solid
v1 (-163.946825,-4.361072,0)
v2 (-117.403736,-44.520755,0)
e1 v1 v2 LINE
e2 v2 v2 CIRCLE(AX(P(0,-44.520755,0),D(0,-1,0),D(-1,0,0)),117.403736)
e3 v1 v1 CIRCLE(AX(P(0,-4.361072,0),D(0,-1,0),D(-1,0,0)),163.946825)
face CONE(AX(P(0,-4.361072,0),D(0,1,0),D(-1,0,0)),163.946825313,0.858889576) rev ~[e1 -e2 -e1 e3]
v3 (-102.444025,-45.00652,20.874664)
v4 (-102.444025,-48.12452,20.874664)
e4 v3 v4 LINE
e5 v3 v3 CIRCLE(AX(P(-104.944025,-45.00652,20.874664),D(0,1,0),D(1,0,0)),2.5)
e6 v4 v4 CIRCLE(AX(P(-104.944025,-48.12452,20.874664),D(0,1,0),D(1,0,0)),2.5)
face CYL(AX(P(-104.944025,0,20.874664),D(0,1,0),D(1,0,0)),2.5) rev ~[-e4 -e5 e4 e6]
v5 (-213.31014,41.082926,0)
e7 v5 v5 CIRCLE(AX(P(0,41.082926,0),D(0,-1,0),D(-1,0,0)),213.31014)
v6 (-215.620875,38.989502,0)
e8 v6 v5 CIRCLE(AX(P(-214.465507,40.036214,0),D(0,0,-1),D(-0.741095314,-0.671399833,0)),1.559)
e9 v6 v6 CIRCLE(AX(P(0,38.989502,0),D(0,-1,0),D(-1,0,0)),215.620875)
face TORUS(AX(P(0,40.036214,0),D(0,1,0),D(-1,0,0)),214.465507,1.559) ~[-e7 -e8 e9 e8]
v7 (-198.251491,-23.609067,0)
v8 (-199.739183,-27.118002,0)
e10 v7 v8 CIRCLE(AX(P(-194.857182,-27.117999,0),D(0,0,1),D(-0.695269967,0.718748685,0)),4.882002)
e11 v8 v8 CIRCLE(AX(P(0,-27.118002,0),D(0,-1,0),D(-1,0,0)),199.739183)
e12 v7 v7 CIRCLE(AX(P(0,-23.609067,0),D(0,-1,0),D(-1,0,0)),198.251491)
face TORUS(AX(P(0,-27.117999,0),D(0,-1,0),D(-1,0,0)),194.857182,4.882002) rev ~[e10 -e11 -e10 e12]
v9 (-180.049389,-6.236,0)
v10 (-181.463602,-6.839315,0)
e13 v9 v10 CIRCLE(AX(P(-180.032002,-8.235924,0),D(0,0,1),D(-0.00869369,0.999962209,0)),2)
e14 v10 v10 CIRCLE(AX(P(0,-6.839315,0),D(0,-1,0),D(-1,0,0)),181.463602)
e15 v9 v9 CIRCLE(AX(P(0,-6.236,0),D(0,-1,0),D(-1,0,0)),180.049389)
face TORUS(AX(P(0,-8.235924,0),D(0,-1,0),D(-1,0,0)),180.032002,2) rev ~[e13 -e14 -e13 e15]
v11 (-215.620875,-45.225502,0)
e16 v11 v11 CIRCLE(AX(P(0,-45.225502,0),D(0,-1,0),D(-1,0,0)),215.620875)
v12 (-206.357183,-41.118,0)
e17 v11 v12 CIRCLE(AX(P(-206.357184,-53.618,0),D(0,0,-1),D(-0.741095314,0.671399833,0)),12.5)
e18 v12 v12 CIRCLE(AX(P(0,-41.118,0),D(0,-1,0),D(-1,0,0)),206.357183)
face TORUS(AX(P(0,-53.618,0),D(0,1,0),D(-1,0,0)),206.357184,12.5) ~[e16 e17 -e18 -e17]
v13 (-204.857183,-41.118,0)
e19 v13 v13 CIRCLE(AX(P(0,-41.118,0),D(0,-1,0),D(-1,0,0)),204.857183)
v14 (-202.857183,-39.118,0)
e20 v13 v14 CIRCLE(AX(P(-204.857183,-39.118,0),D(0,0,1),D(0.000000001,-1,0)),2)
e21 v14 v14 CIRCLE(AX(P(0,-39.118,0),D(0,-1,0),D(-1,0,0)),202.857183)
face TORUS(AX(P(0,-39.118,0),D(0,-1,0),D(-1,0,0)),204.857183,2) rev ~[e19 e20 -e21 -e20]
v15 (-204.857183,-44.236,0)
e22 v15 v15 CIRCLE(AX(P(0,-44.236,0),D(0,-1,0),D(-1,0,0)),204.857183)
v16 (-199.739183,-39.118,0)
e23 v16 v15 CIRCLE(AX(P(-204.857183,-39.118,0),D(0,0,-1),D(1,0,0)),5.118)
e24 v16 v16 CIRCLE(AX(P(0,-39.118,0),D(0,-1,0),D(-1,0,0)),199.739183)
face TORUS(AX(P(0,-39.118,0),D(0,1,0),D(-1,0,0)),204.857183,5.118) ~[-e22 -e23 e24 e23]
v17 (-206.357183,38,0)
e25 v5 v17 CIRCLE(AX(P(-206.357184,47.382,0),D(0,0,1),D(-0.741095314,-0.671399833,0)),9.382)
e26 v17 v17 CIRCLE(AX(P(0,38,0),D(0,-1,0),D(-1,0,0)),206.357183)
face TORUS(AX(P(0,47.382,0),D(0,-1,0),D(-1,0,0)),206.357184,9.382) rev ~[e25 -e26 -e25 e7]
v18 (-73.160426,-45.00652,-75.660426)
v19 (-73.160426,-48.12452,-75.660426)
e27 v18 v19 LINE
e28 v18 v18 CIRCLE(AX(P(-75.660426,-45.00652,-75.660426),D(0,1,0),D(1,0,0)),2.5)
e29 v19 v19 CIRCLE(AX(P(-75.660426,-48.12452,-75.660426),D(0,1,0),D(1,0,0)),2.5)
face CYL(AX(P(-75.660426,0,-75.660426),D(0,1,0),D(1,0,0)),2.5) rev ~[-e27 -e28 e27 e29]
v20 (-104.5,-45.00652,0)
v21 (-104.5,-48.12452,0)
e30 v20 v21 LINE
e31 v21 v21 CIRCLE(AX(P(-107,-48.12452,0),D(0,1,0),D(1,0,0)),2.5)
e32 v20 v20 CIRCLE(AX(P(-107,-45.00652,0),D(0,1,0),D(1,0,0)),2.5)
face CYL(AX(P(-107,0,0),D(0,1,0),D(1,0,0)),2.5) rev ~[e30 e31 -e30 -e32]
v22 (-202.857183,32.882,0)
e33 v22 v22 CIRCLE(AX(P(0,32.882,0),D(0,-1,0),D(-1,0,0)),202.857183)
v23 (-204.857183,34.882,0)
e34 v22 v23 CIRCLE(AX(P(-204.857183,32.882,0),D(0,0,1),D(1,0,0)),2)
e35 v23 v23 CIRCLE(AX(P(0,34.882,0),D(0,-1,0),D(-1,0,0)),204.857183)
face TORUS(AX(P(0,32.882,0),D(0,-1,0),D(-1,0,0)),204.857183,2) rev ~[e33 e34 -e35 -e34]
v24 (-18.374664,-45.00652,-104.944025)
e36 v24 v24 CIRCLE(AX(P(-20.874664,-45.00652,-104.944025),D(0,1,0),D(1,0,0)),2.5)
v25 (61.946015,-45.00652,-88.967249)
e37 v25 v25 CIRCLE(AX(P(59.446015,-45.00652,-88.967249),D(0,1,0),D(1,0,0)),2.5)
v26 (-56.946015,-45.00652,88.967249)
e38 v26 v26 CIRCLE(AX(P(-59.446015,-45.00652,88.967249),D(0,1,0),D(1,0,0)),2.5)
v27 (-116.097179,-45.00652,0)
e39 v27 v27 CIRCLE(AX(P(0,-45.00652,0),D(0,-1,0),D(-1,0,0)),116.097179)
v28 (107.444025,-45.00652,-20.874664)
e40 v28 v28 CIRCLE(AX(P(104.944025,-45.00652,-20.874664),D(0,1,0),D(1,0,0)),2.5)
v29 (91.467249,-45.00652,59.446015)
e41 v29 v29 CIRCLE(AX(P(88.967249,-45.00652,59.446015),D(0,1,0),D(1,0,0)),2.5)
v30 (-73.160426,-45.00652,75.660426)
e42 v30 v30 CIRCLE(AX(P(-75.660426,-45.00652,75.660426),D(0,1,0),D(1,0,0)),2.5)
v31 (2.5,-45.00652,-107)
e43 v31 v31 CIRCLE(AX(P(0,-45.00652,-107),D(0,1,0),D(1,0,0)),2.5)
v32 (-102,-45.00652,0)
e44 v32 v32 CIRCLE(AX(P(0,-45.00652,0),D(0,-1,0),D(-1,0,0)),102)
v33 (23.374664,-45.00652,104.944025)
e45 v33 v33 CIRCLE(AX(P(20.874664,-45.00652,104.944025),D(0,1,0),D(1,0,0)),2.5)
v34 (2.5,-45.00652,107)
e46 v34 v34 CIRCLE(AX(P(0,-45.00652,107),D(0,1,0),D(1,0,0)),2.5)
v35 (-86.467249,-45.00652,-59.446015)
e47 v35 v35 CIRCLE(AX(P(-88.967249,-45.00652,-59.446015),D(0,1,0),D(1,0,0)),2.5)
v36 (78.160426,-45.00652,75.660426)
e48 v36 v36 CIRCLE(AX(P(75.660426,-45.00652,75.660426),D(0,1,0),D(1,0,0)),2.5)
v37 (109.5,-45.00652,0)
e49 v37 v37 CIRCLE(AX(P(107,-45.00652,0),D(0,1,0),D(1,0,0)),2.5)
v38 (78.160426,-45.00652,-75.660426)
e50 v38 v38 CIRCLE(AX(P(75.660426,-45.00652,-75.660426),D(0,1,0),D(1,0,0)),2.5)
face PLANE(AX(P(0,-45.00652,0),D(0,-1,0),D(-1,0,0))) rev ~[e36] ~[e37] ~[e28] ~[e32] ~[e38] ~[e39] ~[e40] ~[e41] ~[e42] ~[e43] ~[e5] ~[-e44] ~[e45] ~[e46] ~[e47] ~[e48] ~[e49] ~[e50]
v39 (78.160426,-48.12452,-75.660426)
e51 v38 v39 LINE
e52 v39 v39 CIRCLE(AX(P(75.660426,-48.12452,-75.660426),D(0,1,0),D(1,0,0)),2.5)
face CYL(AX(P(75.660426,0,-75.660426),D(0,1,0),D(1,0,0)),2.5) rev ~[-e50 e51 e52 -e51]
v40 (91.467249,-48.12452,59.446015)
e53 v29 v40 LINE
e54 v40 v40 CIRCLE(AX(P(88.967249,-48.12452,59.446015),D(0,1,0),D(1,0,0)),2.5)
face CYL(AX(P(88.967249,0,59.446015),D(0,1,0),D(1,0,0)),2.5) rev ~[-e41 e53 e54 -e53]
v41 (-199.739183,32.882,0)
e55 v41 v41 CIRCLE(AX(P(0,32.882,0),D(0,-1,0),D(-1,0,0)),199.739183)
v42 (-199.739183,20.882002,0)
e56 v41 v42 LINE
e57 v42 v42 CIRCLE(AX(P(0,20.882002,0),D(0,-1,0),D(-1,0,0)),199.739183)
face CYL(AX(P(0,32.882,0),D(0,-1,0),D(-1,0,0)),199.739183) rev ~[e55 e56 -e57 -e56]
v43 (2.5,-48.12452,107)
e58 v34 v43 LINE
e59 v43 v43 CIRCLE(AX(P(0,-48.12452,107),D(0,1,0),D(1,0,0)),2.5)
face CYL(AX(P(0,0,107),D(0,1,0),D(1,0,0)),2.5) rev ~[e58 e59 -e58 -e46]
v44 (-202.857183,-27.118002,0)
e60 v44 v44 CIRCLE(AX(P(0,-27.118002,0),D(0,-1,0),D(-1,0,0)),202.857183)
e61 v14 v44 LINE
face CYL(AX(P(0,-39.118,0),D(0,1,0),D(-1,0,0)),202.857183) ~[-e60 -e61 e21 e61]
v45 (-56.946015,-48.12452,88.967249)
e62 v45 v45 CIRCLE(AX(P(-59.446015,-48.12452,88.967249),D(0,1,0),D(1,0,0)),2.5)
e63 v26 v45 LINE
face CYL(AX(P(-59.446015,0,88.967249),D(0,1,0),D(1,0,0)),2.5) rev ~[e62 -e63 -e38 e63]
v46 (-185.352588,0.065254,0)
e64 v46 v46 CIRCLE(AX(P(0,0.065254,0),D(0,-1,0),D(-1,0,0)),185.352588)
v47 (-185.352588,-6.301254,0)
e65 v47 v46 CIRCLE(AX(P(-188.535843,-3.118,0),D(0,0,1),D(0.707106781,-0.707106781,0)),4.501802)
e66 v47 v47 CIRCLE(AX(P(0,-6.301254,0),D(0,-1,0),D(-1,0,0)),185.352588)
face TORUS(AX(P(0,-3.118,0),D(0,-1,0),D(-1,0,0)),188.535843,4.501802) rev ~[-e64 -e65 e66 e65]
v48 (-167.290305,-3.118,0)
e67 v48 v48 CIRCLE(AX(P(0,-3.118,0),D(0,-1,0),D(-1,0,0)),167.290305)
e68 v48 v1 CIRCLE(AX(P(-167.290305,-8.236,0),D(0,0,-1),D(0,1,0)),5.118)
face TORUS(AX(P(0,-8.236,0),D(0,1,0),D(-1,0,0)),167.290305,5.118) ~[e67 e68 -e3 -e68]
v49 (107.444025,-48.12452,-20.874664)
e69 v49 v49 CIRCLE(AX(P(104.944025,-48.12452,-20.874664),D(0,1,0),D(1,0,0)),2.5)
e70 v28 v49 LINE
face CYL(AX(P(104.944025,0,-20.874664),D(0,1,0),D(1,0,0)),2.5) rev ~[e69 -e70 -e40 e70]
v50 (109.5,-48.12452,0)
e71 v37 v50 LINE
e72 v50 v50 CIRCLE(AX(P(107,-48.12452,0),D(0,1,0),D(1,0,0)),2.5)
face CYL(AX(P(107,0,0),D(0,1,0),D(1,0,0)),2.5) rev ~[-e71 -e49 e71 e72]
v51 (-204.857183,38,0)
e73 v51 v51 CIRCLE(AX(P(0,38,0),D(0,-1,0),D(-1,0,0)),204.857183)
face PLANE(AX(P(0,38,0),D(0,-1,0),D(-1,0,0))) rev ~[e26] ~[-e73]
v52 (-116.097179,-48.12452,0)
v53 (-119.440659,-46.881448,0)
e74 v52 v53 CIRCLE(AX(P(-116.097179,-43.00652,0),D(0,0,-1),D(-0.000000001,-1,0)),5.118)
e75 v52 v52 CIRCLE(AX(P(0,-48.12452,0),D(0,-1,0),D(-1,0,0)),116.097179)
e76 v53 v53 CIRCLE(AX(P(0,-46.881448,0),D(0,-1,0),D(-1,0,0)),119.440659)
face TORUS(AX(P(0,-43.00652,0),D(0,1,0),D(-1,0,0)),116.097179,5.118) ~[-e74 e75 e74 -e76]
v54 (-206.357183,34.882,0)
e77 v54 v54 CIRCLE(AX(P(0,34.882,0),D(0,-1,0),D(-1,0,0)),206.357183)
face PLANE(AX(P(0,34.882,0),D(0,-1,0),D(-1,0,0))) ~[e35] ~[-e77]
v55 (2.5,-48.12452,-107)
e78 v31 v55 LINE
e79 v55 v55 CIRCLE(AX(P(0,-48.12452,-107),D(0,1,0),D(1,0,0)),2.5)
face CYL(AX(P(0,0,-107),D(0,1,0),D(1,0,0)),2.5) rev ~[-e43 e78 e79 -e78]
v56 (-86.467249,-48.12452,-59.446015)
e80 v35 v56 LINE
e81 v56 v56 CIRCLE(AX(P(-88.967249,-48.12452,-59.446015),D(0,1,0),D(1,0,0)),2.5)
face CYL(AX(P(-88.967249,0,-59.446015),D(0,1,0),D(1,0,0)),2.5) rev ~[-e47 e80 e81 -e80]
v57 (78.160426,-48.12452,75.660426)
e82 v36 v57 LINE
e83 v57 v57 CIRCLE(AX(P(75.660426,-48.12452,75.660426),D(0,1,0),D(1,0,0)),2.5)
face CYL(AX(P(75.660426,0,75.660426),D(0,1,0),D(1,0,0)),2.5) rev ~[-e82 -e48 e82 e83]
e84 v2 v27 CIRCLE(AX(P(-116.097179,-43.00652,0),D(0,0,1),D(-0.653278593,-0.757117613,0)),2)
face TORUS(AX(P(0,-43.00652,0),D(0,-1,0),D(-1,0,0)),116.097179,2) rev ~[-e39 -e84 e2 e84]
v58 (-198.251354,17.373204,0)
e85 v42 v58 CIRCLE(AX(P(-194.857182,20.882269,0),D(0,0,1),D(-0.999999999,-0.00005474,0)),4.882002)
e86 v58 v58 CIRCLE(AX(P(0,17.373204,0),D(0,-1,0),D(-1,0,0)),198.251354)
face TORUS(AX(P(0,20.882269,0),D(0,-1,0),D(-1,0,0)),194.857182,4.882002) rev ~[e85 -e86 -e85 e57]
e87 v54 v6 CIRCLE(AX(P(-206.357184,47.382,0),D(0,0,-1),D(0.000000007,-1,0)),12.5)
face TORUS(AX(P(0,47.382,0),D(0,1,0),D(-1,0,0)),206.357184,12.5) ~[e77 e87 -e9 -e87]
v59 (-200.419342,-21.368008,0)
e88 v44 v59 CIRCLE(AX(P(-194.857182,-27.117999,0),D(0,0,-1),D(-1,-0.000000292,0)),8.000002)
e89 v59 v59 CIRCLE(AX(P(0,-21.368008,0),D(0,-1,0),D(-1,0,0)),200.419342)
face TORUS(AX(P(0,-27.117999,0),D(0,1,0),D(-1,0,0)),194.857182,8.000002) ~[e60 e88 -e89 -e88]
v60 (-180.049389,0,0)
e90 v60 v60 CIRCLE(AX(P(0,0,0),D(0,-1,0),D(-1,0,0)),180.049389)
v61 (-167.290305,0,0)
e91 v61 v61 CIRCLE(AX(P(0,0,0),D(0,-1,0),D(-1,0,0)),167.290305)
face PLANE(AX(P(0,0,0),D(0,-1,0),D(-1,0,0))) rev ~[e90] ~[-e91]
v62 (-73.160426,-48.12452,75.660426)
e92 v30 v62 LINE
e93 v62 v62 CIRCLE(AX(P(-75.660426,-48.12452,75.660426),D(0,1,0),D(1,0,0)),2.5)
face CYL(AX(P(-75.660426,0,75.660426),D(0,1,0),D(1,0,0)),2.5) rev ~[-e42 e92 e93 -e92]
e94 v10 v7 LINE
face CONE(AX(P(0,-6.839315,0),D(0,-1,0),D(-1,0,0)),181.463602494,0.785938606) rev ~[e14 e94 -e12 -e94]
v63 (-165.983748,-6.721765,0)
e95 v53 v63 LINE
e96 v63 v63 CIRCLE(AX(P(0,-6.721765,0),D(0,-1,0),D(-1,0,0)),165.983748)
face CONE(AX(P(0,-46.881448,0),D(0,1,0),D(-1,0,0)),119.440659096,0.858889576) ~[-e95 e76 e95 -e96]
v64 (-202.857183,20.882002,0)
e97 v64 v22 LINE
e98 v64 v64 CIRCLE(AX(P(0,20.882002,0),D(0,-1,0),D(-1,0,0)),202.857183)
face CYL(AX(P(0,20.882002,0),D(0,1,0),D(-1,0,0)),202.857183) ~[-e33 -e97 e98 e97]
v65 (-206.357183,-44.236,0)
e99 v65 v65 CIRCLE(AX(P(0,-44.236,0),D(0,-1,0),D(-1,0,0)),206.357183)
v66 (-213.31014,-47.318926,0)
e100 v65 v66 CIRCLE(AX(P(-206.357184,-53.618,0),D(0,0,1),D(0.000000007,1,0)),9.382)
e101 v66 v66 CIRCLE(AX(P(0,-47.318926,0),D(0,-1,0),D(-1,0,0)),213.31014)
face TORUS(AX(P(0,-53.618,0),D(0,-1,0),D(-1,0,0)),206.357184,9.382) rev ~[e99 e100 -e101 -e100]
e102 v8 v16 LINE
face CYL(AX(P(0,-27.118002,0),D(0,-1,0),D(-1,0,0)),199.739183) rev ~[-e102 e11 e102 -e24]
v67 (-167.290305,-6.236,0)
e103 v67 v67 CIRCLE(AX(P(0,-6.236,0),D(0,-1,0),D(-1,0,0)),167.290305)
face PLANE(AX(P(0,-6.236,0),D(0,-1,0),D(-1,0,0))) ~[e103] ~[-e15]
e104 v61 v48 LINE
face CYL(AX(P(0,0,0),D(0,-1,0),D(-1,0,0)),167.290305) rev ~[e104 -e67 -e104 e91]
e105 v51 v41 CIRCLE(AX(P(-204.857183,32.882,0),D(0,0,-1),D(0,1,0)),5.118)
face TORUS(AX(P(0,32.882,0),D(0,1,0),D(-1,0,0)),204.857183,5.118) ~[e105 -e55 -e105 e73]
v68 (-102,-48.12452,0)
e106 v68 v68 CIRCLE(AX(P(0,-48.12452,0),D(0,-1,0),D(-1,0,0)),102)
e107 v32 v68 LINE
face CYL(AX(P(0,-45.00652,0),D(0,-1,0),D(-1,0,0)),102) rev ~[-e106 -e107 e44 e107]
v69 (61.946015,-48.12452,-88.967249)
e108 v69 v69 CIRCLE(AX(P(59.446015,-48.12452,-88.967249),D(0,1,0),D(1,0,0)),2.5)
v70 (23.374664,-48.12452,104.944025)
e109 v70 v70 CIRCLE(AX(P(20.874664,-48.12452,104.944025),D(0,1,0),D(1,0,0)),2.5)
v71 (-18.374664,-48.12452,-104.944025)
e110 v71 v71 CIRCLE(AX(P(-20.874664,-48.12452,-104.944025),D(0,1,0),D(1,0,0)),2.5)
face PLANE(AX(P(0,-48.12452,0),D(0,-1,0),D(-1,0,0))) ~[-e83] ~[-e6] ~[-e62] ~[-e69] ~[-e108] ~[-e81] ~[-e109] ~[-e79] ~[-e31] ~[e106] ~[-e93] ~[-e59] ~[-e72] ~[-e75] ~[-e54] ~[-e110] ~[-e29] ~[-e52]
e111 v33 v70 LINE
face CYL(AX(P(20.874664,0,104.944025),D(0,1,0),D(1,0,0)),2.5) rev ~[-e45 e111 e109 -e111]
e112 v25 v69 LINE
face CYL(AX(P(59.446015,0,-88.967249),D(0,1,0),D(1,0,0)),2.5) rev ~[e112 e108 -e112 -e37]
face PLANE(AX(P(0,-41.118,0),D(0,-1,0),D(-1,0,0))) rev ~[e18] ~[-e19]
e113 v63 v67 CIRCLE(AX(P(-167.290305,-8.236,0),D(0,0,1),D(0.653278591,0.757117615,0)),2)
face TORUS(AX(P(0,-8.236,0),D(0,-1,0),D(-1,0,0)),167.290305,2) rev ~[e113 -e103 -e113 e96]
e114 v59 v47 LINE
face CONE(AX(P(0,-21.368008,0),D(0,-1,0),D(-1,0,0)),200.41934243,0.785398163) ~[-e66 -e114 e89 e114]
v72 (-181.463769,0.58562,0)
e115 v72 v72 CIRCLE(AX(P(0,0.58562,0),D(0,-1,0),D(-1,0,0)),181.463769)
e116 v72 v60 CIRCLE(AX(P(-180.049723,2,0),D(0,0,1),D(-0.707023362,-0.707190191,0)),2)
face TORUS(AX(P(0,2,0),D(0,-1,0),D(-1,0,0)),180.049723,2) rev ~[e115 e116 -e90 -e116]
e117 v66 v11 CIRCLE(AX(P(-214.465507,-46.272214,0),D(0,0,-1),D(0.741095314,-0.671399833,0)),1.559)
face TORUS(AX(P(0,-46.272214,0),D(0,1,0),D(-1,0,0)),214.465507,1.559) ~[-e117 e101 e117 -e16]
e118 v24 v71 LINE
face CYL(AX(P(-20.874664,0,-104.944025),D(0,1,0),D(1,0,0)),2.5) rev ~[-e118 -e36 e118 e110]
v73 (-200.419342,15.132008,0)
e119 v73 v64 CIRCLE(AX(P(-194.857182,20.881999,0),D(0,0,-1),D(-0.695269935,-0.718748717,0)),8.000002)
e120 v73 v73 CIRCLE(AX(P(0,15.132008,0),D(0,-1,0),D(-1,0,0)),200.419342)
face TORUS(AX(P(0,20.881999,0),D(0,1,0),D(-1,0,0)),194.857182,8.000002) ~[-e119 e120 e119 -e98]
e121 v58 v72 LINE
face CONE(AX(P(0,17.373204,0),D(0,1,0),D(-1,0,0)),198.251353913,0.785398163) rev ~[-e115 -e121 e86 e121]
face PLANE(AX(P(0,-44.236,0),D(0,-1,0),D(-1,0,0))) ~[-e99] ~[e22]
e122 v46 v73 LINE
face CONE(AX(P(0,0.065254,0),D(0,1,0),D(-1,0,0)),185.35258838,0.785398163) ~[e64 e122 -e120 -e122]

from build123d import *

# Parameters (mm, degrees)
SKETCH4_R               = 2.5
CUT_EXTRUDE3_DEPTH      = 42.595214206
CUT_EXTRUDE3_DEPTH_BACK = 49.124520078


with BuildPart() as part:
    # Sketch3 → Revolve2 (revolve)
    with BuildSketch(Plane.XY):
        with BuildLine():
            Line((-102, -48.124520078), (-116.097179263, -48.124520078))
            ThreePointArc((-116.097179263, -48.124520078), (-117.880721071, -47.803696603), (-119.440659096, -46.881448026))
            Line((-119.440659096, -46.881448026), (-165.983747962, -6.721764772))
            ThreePointArc((-165.983747962, -6.721764772), (-166.593336874, -6.361370643), (-167.290305146, -6.236))
            Line((-167.290305146, -6.236), (-180.049388931, -6.236))
            ThreePointArc((-180.049388931, -6.236), (-180.816787473, -6.396329067), (-181.463602494, -6.839314687))
            Line((-181.463602494, -6.839314687), (-198.251490932, -23.609067138))
            ThreePointArc((-198.251490932, -23.609067138), (-199.351899333, -25.212361847), (-199.739183475, -27.118001784))
            Line((-199.739183475, -27.118001784), (-199.739183475, -39.117999668))
            ThreePointArc((-199.739183475, -39.117999668), (-201.238210969, -42.736972174), (-204.857183475, -44.235999668))
            Line((-204.857183475, -44.235999668), (-206.357183497, -44.235999668))
            ThreePointArc((-206.357183497, -44.235999668), (-210.160078428, -45.041291982), (-213.310139828, -47.318926446))
            ThreePointArc((-213.310139828, -47.318926446), (-215.512219762, -47.4275817), (-215.620875016, -45.225501766))
            ThreePointArc((-215.620875016, -45.225501766), (-211.423926876, -42.190921638), (-206.357183475, -41.117999668))
            Line((-206.357183475, -41.117999668), (-204.857183475, -41.117999668))
            ThreePointArc((-204.857183475, -41.117999668), (-203.442969913, -40.53221323), (-202.857183475, -39.117999668))
            Line((-202.857183475, -39.117999668), (-202.857183475, -27.118001784))
            ThreePointArc((-202.857183475, -27.118001784), (-202.22255126, -23.995282756), (-200.41934243, -21.368008487))
            Line((-200.41934243, -21.368008487), (-185.35258838, -6.301254436))
            ThreePointArc((-185.35258838, -6.301254436), (-184.03404122, -3.118), (-185.35258838, 0.065254437))
            Line((-185.35258838, 0.065254437), (-200.41934243, 15.132008487))
            ThreePointArc((-200.41934243, 15.132008487), (-202.22255126, 17.759282757), (-202.857183476, 20.882001784))
            Line((-202.857183476, 20.882001784), (-202.857183476, 32.881999668))
            ThreePointArc((-202.857183476, 32.881999668), (-203.442969914, 34.296213231), (-204.857183476, 34.881999668))
            Line((-204.857183476, 34.881999668), (-206.357183476, 34.881999668))
            ThreePointArc((-206.357183476, 34.881999668), (-211.423926877, 35.954921638), (-215.620875017, 38.989501766))
            ThreePointArc((-215.620875017, 38.989501766), (-215.512219763, 41.1915817), (-213.310139829, 41.082926446))
            ThreePointArc((-213.310139829, 41.082926446), (-210.16007843, 38.805291983), (-206.357183499, 37.999999668))
            Line((-206.357183499, 37.999999668), (-204.857183476, 37.999999668))
            ThreePointArc((-204.857183476, 37.999999668), (-201.23821097, 36.500972175), (-199.739183476, 32.881999668))
            Line((-199.739183476, 32.881999668), (-199.739183476, 20.882001784))
            ThreePointArc((-199.739183476, 20.882001784), (-199.351809516, 18.976419568), (-198.251353913, 17.373204164))
            Line((-198.251353913, 17.373204164), (-181.463769341, 0.585619592))
            ThreePointArc((-181.463769341, 0.585619592), (-180.814826345, 0.152131935), (-180.049388931, 0))
            Line((-180.049388931, 0), (-167.290305146, 0))
            Line((-167.290305146, 0), (-167.290305146, -3.118))
            ThreePointArc((-167.290305146, -3.118), (-165.506763338, -3.438823474), (-163.946825313, -4.361072052))
            Line((-163.946825313, -4.361072052), (-117.403736447, -44.520755305))
            ThreePointArc((-117.403736447, -44.520755305), (-116.794147535, -44.881149435), (-116.097179263, -45.006520077))
            Line((-116.097179263, -45.006520077), (-102, -45.006520077))
            Line((-102, -45.006520077), (-102, -48.124520078))
        make_face()
    revolve(axis=Axis((0, 240.888952165, 0), (0, -1, 0)))

    # Sketch4 → Cut-Extrude3 (cut, two sides)
    with BuildSketch(Plane(origin=(0, 0, 0), x_dir=(1, 0, 0), z_dir=(0, 1, 0))) as cut_extrude3_sk:
        with Locations((0, 107)):
            Circle(SKETCH4_R)
        with Locations((-3884.181572475, -9484.24383099)):
            Circle(SKETCH4_R)
        with Locations((-13412.746254639, -13519.746254639)):
            Circle(SKETCH4_R)
        with Locations((-23003.990085629, -9635.564682164)):
            Circle(SKETCH4_R)
        with Locations((-27039.492509279, -107)):
            Circle(SKETCH4_R)
        with Locations((-23155.310936803, 9484.24383099)):
            Circle(SKETCH4_R)
        with Locations((-13626.746254639, 13519.746254639)):
            Circle(SKETCH4_R)
        with Locations((-4035.502423649, 9635.564682164)):
            Circle(SKETCH4_R)
        with Locations((-20.874664456, 104.944025003)):
            Circle(SKETCH4_R)
        with Locations((-3900.395983129, -9470.93700806)):
            Circle(SKETCH4_R)
        with Locations((-13414.802229636, -13498.871590184)):
            Circle(SKETCH4_R)
        with Locations((-22990.6832627, -9619.35027151)):
            Circle(SKETCH4_R)
        with Locations((-27018.617844823, -104.944025003)):
            Circle(SKETCH4_R)
        with Locations((-23139.096526149, 9470.93700806)):
            Circle(SKETCH4_R)
        with Locations((-13624.690279642, 13498.871590184)):
            Circle(SKETCH4_R)
        with Locations((-4048.809246579, 9619.35027151)):
            Circle(SKETCH4_R)
        with Locations((75.660425587, 75.660425587)):
            Circle(SKETCH4_R)
        with Locations((59.446014933, 88.967248516)):
            Circle(SKETCH4_R)
        with Locations((107, 0)):
            Circle(SKETCH4_R)
        with Locations((104.944025003, 20.874664456)):
            Circle(SKETCH4_R)
        with Locations((75.660425587, -75.660425587)):
            Circle(SKETCH4_R)
        with Locations((88.967248516, -59.446014933)):
            Circle(SKETCH4_R)
        with Locations((0, -107)):
            Circle(SKETCH4_R)
        with Locations((20.874664456, -104.944025003)):
            Circle(SKETCH4_R)
        with Locations((-75.660425587, -75.660425587)):
            Circle(SKETCH4_R)
        with Locations((-59.446014933, -88.967248516)):
            Circle(SKETCH4_R)
        with Locations((-107, 0)):
            Circle(SKETCH4_R)
        with Locations((-104.944025003, -20.874664456)):
            Circle(SKETCH4_R)
        with Locations((-75.660425587, 75.660425587)):
            Circle(SKETCH4_R)
        with Locations((-88.967248516, 59.446014933)):
            Circle(SKETCH4_R)
    extrude(amount=CUT_EXTRUDE3_DEPTH, mode=Mode.SUBTRACT)
    extrude(cut_extrude3_sk.sketch, amount=-CUT_EXTRUDE3_DEPTH_BACK, mode=Mode.SUBTRACT)


solid = part.part
